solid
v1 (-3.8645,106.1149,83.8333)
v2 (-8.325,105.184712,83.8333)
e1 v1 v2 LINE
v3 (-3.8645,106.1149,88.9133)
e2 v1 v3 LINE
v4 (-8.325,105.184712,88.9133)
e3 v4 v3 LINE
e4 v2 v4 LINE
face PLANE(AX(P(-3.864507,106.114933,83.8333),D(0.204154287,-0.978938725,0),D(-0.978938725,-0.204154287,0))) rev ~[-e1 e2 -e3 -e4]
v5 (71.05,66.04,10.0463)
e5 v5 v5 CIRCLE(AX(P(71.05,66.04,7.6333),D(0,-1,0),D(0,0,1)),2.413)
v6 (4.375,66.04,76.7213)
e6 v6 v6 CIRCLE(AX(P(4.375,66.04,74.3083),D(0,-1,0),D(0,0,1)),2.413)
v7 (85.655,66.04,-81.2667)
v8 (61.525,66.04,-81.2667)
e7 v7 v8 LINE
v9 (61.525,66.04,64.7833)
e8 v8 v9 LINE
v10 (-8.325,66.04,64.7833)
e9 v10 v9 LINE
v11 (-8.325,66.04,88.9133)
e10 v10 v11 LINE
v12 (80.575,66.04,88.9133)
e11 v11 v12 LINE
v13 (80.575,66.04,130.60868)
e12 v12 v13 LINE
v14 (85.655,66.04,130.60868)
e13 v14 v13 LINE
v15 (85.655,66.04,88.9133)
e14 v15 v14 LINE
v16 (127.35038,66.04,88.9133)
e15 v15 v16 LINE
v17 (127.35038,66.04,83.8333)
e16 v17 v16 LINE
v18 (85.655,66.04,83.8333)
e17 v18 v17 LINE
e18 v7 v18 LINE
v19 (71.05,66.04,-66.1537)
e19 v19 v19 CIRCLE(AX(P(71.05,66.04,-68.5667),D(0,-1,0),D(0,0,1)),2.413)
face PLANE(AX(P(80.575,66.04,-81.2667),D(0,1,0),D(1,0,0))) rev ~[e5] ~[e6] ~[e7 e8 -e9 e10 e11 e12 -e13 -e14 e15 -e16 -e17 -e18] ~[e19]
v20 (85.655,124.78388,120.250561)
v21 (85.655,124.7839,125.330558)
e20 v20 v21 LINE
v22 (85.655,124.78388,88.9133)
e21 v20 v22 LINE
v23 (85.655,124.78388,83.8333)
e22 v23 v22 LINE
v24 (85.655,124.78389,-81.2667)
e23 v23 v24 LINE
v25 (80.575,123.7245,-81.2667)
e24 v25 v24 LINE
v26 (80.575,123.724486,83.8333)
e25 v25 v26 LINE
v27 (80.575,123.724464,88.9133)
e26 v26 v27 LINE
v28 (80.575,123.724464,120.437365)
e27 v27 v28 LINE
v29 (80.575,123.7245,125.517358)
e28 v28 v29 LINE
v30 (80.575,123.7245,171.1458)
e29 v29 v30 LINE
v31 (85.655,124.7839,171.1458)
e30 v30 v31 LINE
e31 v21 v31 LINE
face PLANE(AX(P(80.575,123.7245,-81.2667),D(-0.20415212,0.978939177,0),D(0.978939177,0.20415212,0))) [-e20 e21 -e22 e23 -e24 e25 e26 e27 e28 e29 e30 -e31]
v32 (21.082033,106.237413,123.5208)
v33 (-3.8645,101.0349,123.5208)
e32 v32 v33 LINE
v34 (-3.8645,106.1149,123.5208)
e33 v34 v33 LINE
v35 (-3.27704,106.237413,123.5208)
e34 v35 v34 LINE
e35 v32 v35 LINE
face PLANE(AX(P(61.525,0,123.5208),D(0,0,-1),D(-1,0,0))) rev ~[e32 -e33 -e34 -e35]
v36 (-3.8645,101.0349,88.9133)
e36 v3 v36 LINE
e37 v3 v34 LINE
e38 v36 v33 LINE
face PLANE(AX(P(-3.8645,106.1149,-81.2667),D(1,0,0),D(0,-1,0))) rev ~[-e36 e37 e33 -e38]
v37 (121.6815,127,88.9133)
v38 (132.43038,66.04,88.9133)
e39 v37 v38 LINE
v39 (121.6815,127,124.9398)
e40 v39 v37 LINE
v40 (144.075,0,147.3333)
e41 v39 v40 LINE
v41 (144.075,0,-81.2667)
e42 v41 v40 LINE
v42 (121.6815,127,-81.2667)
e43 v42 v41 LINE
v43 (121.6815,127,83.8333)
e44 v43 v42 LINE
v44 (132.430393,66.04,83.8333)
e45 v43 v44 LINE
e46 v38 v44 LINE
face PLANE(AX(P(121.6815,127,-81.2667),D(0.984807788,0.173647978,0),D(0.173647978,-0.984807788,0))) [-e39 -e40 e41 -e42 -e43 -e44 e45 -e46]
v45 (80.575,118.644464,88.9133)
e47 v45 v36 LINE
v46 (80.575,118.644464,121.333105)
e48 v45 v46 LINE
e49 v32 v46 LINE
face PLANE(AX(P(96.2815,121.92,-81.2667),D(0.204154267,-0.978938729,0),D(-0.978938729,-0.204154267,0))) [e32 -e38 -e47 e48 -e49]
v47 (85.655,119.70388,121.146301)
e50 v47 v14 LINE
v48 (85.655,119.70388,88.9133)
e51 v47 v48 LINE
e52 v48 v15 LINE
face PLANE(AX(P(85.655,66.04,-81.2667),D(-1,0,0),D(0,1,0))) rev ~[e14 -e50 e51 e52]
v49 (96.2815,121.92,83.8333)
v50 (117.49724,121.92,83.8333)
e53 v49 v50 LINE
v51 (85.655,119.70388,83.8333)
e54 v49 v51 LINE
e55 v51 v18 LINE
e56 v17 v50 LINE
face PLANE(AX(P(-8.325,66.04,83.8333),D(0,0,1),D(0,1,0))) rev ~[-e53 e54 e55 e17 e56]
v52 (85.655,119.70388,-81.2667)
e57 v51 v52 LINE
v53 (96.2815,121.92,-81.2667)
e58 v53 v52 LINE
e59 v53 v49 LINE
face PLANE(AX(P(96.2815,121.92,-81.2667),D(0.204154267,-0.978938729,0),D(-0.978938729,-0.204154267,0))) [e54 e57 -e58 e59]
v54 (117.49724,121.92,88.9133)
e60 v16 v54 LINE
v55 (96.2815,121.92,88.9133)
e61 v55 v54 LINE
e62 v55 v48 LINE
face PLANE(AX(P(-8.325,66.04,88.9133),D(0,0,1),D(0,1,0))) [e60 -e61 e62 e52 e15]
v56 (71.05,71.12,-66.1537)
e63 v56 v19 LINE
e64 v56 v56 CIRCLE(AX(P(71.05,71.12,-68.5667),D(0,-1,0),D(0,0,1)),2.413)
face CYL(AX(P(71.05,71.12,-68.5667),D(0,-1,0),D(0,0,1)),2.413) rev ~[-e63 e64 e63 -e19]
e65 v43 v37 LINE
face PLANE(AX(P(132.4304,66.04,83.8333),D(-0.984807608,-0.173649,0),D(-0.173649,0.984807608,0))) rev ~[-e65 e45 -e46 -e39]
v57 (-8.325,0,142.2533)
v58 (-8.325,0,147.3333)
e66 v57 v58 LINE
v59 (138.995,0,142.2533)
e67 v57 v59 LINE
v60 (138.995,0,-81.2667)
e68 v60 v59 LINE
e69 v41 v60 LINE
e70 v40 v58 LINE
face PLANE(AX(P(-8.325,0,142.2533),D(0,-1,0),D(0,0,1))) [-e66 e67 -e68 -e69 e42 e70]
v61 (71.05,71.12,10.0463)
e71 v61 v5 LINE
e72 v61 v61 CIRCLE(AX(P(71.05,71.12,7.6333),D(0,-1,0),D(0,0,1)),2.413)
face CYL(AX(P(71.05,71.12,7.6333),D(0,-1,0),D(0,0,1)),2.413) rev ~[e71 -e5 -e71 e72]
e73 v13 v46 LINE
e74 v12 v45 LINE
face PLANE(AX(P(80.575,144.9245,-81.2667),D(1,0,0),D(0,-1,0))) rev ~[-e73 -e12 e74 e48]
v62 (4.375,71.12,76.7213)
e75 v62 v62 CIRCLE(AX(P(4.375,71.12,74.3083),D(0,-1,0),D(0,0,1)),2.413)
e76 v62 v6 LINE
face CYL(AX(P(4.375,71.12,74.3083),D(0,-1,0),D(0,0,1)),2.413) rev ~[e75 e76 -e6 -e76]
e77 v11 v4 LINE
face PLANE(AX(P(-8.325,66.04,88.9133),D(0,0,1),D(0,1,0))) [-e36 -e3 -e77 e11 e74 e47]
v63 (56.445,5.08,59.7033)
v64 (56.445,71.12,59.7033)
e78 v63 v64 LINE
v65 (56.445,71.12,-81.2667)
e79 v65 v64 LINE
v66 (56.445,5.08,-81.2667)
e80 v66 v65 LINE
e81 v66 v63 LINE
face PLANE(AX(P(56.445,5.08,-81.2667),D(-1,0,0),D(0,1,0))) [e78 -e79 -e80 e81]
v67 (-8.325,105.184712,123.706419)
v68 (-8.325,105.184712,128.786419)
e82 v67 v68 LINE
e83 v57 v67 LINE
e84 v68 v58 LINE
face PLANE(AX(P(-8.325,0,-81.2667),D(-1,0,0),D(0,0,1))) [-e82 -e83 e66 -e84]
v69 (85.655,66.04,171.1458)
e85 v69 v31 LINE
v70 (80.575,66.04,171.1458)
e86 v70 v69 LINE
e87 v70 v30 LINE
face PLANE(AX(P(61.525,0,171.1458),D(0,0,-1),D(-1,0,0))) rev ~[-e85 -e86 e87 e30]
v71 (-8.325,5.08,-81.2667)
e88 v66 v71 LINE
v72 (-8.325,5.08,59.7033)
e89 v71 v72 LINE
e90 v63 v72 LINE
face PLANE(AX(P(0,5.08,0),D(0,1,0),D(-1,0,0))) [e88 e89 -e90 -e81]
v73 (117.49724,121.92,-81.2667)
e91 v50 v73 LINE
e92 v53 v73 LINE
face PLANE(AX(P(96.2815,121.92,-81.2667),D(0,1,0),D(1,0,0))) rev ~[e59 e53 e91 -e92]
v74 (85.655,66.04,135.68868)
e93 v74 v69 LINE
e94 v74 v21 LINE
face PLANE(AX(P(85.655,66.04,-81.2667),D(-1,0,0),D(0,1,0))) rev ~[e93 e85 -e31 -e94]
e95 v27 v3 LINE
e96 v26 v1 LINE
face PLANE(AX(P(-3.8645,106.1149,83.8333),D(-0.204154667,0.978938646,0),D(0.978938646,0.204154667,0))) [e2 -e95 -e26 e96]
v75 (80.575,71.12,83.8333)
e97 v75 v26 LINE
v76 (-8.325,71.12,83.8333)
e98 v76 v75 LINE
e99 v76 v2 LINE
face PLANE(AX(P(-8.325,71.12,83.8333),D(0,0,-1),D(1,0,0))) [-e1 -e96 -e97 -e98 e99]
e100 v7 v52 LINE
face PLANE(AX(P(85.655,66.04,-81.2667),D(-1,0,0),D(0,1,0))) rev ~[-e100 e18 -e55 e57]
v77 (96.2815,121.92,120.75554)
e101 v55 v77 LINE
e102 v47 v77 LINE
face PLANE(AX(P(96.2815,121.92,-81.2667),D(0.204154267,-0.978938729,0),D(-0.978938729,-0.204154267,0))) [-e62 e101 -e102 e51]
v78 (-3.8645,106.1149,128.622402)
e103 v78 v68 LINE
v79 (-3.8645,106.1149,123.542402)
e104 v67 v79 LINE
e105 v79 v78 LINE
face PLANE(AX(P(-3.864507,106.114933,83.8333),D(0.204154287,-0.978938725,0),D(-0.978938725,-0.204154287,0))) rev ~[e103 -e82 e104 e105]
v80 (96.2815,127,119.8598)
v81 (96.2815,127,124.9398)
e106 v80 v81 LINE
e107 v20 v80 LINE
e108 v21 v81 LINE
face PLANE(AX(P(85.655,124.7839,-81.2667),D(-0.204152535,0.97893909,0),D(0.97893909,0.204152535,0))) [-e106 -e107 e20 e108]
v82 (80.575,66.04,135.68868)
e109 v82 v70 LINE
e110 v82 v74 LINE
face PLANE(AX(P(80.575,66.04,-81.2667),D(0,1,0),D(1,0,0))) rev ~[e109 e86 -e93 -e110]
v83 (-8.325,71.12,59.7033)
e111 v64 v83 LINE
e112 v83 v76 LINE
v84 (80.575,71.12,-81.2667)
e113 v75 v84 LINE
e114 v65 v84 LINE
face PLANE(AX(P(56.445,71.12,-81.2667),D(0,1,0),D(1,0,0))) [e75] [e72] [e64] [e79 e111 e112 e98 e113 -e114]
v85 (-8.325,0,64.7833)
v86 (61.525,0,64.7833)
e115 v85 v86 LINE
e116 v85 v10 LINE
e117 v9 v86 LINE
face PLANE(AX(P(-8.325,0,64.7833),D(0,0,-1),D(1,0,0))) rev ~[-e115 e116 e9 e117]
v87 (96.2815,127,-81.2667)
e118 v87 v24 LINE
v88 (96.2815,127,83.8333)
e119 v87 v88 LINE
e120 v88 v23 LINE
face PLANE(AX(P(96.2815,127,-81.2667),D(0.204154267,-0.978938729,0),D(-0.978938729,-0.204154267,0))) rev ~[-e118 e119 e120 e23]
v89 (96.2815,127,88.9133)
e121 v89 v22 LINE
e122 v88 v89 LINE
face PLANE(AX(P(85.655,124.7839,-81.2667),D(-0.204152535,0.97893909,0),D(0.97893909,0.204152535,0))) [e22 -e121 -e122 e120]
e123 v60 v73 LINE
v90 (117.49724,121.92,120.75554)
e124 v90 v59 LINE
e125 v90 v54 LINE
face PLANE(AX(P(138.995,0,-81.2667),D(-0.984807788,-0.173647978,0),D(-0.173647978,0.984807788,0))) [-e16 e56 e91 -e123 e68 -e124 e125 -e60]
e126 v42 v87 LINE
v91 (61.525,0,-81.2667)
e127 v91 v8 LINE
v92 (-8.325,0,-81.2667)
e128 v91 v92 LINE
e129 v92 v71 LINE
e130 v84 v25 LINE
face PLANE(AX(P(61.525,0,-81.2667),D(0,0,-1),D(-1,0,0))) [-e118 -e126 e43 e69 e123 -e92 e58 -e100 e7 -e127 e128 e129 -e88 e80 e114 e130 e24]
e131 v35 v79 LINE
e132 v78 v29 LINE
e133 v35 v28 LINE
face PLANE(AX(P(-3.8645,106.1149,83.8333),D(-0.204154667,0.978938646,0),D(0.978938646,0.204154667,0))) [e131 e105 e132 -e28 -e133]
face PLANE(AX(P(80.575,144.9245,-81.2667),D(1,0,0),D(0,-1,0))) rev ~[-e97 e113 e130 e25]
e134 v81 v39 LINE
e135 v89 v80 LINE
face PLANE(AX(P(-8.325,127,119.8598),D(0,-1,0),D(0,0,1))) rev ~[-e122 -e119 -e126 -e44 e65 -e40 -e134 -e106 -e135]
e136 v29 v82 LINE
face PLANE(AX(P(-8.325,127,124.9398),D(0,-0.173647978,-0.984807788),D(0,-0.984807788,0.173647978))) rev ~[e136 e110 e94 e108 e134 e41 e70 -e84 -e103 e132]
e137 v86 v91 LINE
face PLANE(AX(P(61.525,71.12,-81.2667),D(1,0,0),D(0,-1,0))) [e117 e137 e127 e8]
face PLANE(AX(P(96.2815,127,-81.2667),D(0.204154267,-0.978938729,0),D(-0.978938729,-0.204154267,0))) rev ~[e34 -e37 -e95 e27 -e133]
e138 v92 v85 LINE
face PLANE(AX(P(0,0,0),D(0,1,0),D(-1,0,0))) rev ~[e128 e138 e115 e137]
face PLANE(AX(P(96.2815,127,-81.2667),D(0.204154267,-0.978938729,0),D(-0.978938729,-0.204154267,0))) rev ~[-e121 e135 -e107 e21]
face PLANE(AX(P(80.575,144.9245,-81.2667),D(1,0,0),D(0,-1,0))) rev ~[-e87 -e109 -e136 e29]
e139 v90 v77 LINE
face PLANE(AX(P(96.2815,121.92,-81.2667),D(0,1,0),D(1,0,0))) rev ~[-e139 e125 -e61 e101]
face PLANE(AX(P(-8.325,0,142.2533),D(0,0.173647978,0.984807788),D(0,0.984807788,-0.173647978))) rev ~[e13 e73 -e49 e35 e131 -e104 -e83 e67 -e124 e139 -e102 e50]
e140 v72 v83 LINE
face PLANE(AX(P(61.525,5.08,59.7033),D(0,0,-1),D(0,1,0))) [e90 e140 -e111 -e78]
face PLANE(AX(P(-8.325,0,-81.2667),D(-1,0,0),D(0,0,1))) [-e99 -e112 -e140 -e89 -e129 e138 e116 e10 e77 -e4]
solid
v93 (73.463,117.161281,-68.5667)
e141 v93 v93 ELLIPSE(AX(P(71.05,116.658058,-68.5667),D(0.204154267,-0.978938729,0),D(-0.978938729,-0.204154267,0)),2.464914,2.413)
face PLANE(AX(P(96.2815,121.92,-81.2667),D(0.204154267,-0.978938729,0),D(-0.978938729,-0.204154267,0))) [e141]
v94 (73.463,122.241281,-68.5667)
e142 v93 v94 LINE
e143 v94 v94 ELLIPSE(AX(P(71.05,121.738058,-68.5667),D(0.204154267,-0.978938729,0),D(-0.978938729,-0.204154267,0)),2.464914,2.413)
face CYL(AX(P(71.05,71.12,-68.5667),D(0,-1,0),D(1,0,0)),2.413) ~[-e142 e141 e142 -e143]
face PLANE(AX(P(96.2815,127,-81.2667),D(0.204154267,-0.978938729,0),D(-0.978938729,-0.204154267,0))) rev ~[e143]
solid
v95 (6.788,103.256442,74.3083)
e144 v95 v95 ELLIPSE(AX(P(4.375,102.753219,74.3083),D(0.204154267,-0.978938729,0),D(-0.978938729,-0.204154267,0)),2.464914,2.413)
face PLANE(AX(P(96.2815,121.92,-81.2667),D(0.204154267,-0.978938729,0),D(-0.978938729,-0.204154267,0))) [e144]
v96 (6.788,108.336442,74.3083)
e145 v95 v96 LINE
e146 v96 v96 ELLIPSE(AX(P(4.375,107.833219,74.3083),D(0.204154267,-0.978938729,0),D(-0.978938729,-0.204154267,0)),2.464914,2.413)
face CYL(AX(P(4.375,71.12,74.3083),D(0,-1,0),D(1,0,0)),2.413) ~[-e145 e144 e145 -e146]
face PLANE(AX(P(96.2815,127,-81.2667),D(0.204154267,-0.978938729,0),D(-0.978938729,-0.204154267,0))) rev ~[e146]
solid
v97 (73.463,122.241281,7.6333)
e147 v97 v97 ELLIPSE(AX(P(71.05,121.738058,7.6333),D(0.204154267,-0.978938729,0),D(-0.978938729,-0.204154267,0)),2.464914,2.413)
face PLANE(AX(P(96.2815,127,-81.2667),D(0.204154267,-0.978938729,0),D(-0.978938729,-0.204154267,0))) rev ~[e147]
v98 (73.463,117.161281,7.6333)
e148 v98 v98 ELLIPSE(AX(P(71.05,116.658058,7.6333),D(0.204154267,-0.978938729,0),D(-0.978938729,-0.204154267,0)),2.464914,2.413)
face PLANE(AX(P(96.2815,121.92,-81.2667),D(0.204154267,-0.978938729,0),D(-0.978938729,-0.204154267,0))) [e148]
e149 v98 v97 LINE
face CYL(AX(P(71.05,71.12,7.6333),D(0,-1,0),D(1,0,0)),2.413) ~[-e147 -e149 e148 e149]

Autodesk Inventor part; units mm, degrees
ref_plane "YZ Plane" through (0, 0, 0) normal (1, 0, 0) x (0, 1, 0)
ref_plane "XZ Plane" through (0, 0, 0) normal (0, 1, 0) x (-1, 0, 0)
ref_plane "XY Plane" through (0, 0, 0) normal (0, 0, 1) x (1, 0, 0)
sketch "Sketch1" plane through (0, 0, 0) normal (0, 1, 0) x (-1, 0, 0)
  line L0 (8.325, 64.7833) -> (-61.525, 64.7833)
  line L1 (-61.525, 64.7833) -> (-61.525, -81.2667)
  line L2 (-61.525, -81.2667) -> (8.325, -81.2667)
  line L3 (8.325, -81.2667) -> (8.325, 64.7833)
  point P0 (0, 0)
  dimension "d0" = 146.05
  dimension "d1" = 69.85
extrude "Extrusion1" add sketch "Sketch1" along normal blind 5.08
sketch "Sketch2" plane through (61.525, 0, 64.7833) normal (1, 0, 0) x (0, 0, -1)
  line L0 (0, 5.08) -> (146.05, 5.08) projected
  line L1 (0, 5.08) -> (5.08, 5.08)
  line L2 (5.08, 5.08) -> (5.08, 71.12)
  line L3 (5.08, 71.12) -> (0, 71.12)
  line L4 (0, 71.12) -> (0, 5.08)
  line L5 (0, 0) -> (146.05, 0) projected
  point P0 (64.7833, 0)
  dimension "d4" = 5.08
  dimension "d5" = 71.12
extrude "Extrusion2" add sketch "Sketch2" against normal blind 69.85
sketch "Sketch3" plane through (61.525, 0, -81.2667) normal (0, 0, -1) x (-1, 0, 0)
  line L0 (0, 5.08) -> (69.85, 5.08) projected
  line L1 (0, 0) -> (69.85, 0) projected
  line L2 (0, 5.08) -> (5.08, 5.08)
  line L3 (5.08, 5.08) -> (5.08, 71.12)
  line L4 (5.08, 71.12) -> (0, 71.12)
  line L5 (0, 71.12) -> (0, 5.08)
  point P0 (61.525, 0)
  dimension "d8" = 5.08
  dimension "d9" = 71.12
extrude "Extrusion3" add sketch "Sketch3" against normal blind 146.05
sketch "Sketch4" plane through (61.525, 71.12, 64.7833) normal (0, 1, 0) x (1, 0, 0)
  line L0 (-5.08, 5.08) -> (-69.85, 5.08) projected
  line L1 (-5.08, 146.05) -> (-5.08, 5.08) projected
  line L2 (-69.85, 5.08) -> (-5.08, 5.08) projected
  line L3 (-69.85, 5.08) -> (-69.85, -19.05)
  line L4 (-69.85, -19.05) -> (19.05, -19.05)
  line L5 (19.05, -19.05) -> (19.05, 146.05)
  line L6 (19.05, 146.05) -> (-5.08, 146.05)
  line L7 (-5.08, 5.08) -> (-5.08, 146.05) projected
  line L8 (-5.08, 5.08) -> (-5.08, 146.05)
  line L9 (-5.08, 5.08) -> (-69.85, 5.08)
  point P0 (-61.525, 64.7833)
  dimension "d12" = 24.13
  dimension "d13" = 24.13
extrude "Extrusion4" add sketch "Sketch4" against normal blind 5.08
sketch "Sketch5" plane through (-8.325, 71.12, 59.7033) normal (0, 1, 0) x (1, 0, 0)
  line L0 (88.9, -24.13) -> (88.9, 140.97) projected
  line L1 (0, -24.13) -> (88.9, -24.13) projected
  point P0 (8.325, 59.7033)
  point P1 (12.7, -14.605)
  point P2 (79.375, 52.07)
  point P3 (79.375, 128.27)
  dimension "d16" = 9.525
  dimension "d17" = 9.525
  dimension "d18" = 76.2
  dimension "d19" = 76.2
  dimension "d20" = 9.525
  dimension "d21" = 76.2
hole "Hole1" at (4.375, 71.12, 74.3083) at (71.05, 71.12, 7.6333) at (71.05, 71.12, -68.5667) direction (0, -1, 0) diameter 4.826 end through all
sketch "Sketch6" plane through (-8.325, 0, -81.2667) normal (-1, 0, 0) x (0, 0, 1)
  line L0 (223.52, 0) -> (228.6, 0)
  line L1 (0, 0) -> (0, 5.08) projected
  line L2 (146.05, 0) -> (146.05, 66.04) projected
  line L3 (223.52, 0) -> (201.1265, 127)
  line L4 (201.1265, 127) -> (206.2065, 127)
  line L5 (206.2065, 127) -> (228.6, 0)
  point P0 (81.2667, 0)
  dimension "d29" = 228.6
  dimension "d30" = 5.08
  dimension "d32" = 10
  dimension "d33" = 5.08
  dimension "d34" = 127
extrude "Extrusion5" add sketch "Sketch6" against normal blind 152.4
sketch "Sketch7" plane through (61.525, 0, -81.2667) normal (0, 0, -1) x (-1, 0, 0)
  line L0 (-82.55, 0) -> (-77.47, 0)
  line L1 (69.85, 0) -> (-82.55, 0) projected
  line L2 (-77.47, 0) -> (-55.0765, 127)
  line L3 (0, 0) -> (0, 66.04) projected
  line L4 (69.85, 127) -> (-82.55, 127) projected
  line L5 (-55.0765, 127) -> (-60.1565, 127)
  line L6 (-60.1565, 127) -> (-82.55, 0)
  point P0 (61.525, 0)
  dimension "d37" = 5.08
  dimension "d38" = 10
  dimension "d39" = 5.08
extrude "Extrusion6" add sketch "Sketch7" against normal blind 228.6
sketch "Sketch8" plane through (61.525, 0, -81.2667) normal (0, 0, -1) x (-1, 0, 0)
  line L0 (-60.1565, 127) -> (-82.55, 0) projected
  line L1 (-60.1565, 127) -> (-82.55, 127) projected
  line L2 (-82.55, 0) -> (-82.55, 127) projected
  point P0 (61.525, 0)
extrude "Extrusion7" cut sketch "Sketch8" against normal blind 228.6
sketch "Sketch9" plane through (-8.325, 0, -81.2667) normal (-1, 0, 0) x (0, 0, 1)
  line L0 (228.6, 0) -> (206.2065, 127) projected
  line L1 (206.2065, 127) -> (228.6, 127) projected
  line L2 (228.6, 127) -> (228.6, 0) projected
  point P0 (81.2667, 0)
extrude "Extrusion8" cut sketch "Sketch9" against normal blind 228.6
sketch "Sketch10" plane through (61.525, 0, -81.2667) normal (0, 0, -1) x (-1, 0, 0)
  line L0 (-60.1565, 127) -> (-82.55, 0) projected
  line L1 (-60.1565, 127) -> (-34.7565, 127)
  line L2 (-34.7565, 127) -> (-34.7565, 121.92)
  line L3 (-34.7565, 121.92) -> (-60.1565, 121.92)
  line L4 (-60.1565, 121.92) -> (-60.1565, 127)
  point P0 (61.525, 0)
  dimension "d46" = 25.4
  dimension "d47" = 5.08
extrude "Extrusion9" add sketch "Sketch10" against normal blind 204.7875
sketch "Sketch13" plane through (61.525, 0, -81.2667) normal (0, 0, -1) x (-1, 0, 0)
  line L0 (-34.7565, 127) -> (-60.1565, 127) projected
  line L1 (-34.7565, 127) -> (65.3895, 106.1149)
  line L2 (65.3895, 106.1149) -> (65.3895, 101.0349)
  line L3 (-34.7565, 127) -> (-34.7565, 121.92) projected
  line L4 (-34.7565, 127) -> (-34.7565, 121.92)
  line L5 (-34.7565, 121.92) -> (65.3895, 101.0349)
  point P0 (61.525, 0)
  dimension "d50" = 5.08
  dimension "d51" = 168.22
extrude "Extrusion10" add sketch "Sketch13" against normal blind 204.7875
sketch "Sketch14" plane through (-8.325, 0, -81.2667) normal (-1, 0, 0) x (0, 0, 1)
  line L0 (0, 66.04) -> (165.1, 66.04) projected
  line L1 (165.1, 66.04) -> (170.18, 66.04)
  line L2 (170.18, 66.04) -> (170.18, 144.8486)
  line L3 (165.1, 66.04) -> (165.1, 144.8486)
  line L4 (165.1, 144.8486) -> (170.18, 144.8486)
  point P0 (81.2667, 0)
  dimension "d54" = 5.08
extrude "Extrusion11" add sketch "Sketch14" against normal blind 201.6125
sketch "Sketch15" plane through (61.525, 0, -81.2667) normal (0, 0, -1) x (-1, 0, 0)
  line L0 (-19.05, 66.04) -> (-65.8254, 66.04) projected
  line L1 (-19.05, 66.04) -> (-24.13, 66.04)
  line L2 (-24.13, 66.04) -> (-24.13, 144.9245)
  line L3 (-24.13, 144.9245) -> (-19.05, 144.9245)
  line L4 (-19.05, 144.9245) -> (-19.05, 66.04)
  point P0 (61.525, 0)
  dimension "d57" = 5.08
extrude "Extrusion12" add sketch "Sketch15" against normal blind 252.4125
sketch "Sketch18" plane through (-8.325, 71.12, 83.8333) normal (0, 0, -1) x (-1, 0, 0)
  line L0 (-4.4605, 34.9949) -> (-88.9, 52.6045) projected
  line L1 (-88.9, 52.6045) -> (26.3817, 28.5629)
  line L2 (-88.9, 52.6045) -> (-88.9, 80.9754)
  line L3 (-88.9, 80.9754) -> (26.3817, 80.9754)
  line L4 (26.3817, 80.9754) -> (26.3817, 28.5629)
  point P0 (-8.325, -71.12)
extrude "Extrusion14" cut sketch "Sketch18" against normal blind 133.35
sketch "Sketch19" plane through (61.525, 0, -81.2667) normal (0, 0, -1) x (-1, 0, 0)
  line L0 (-19.05, 66.04) -> (-19.05, 123.7245) projected
  line L1 (-24.13, 124.7839) -> (-34.7565, 127) projected
  line L2 (-19.05, 123.7245) -> (-34.7565, 127)
  line L3 (-34.7565, 127) -> (-82.8145, 127)
  line L4 (-82.8145, 127) -> (-82.8145, 152.1406)
  line L5 (-82.8145, 152.1406) -> (-18.2912, 151.7847)
  line L6 (-18.2912, 151.7847) -> (-19.05, 123.7245)
  point P0 (61.525, 0)
extrude "Extrusion15" cut sketch "Sketch19" against normal blind 338.1375
sketch "Sketch21" plane through (0, 5.08, 0) normal (0, 1, 0) x (1, 0, 0)
  line L0 (56.445, -59.7033) -> (56.445, 81.2667) projected
  line L1 (56.445, 81.2667) -> (-8.325, 81.2667) projected
  line L2 (-8.325, 81.2667) -> (-8.325, -59.7033) projected
  line L3 (-8.325, -59.7033) -> (56.445, -59.7033) projected
  point P0 (0, 0)
extrude "Extrusion16" cut sketch "Sketch21" along normal blind 338.1375
sketch "Sketch22" plane through (-8.325, 71.12, 59.7033) normal (0, 1, 0) x (1, 0, 0)
  circle A0 centre (79.375, 52.07) radius 2.413 projected
  circle A1 centre (12.7, -14.605) radius 2.413 projected
  circle A2 centre (79.375, 128.27) radius 2.413 projected
  line L0 (64.77, 0) -> (0, 0) projected
  line L1 (0, 0) -> (0, -24.13) projected
  line L2 (0, -24.13) -> (88.9, -24.13) projected
  line L3 (88.9, -24.13) -> (88.9, 140.97) projected
  line L4 (64.77, 140.97) -> (88.9, 140.97) projected
  line L5 (64.77, 140.97) -> (64.77, 0) projected
  point P0 (8.325, 59.7033)
extrude "Extrusion17" cut sketch "Sketch22" along normal blind 338.1375
sketch "Sketch23" plane through (193.2875, 66.04, 83.8333) normal (0, 0, -1) x (-1, 0, 0)
  line L0 (60.8571, 0) -> (0, 0) projected
  line L1 (60.8571, 0) -> (76.6392, 89.5043)
  line L2 (71.606, 60.96) -> (49.2125, -66.04) projected
  line L3 (76.6392, 89.5043) -> (-29.2639, 89.5043)
  line L4 (-29.2639, 89.5043) -> (-29.2639, 0)
  line L5 (-29.2639, 0) -> (60.8571, 0)
  point P0 (193.2875, -66.04)
extrude "Extrusion18" cut sketch "Sketch23" against normal blind 338.1375
equation "\"d0\" = DU1CHLength"
equation "\"d1\" = DU1CHWidth"
equation "\"d2\" = WallWidth"
equation "\"d4\" = WallWidth"
equation "\"d5\" = CPDeckHeight"
equation "\"d6\" = DU1CHWidth"
equation "\"d8\" = WallWidth"
equation "\"d9\" = CPDeckHeight"
equation "\"d10\" = DU1CHLength"
equation "\"d12\" = WallWidth + ControlPlateShelfLength"
equation "\"d13\" = WallWidth + ControlPlateShelfLength"
equation "\"d14\" = WallWidth"
equation "\"d16\" = ControlHoleBoltHoleMid"
equation "\"d17\" = ControlHoleBoltHoleMid"
equation "\"d18\" = ControlPlateScrewLength"
equation "\"d19\" = ControlPlateScrewLength"
equation "\"d20\" = ControlHoleBoltHoleMid"
equation "\"d21\" = ControlPlateScrewLength"
equation "\"d29\" = PartLength"
equation "\"d30\" = WallWidth"
equation "\"d32\" = EdgeAngle"
equation "\"d33\" = WallWidth"
equation "\"d34\" = DSBackHeight"
equation "\"d35\" = PartWidth"
equation "\"d37\" = WallWidth"
equation "\"d38\" = EdgeAngle"
equation "\"d39\" = WallWidth"
equation "\"d40\" = PartLength"
equation "\"d42\" = PartLength"
equation "\"d44\" = PartLength"
equation "\"d46\" = BackShelf"
equation "\"d47\" = WallWidth"
equation "\"d50\" = WallWidth"
equation "\"d51\" = MainAngle"
equation "\"d54\" = WallWidth"
equation "\"d57\" = WallWidth"
equation "\"DSLength\" = 1371.6"
equation "\"DSWidth\" = 304.8"
equation "\"DCDeckHeight\" = 76.2"
equation "\"WallWidth\" = 5.08"
equation "\"EdgeAngle\" = 10deg"
equation "\"LengthCuts\" = 152.4"
equation "\"WidthCuts\" = 50.8"
equation "\"PartLength\" = 228.6"
equation "\"PartWidth\" = 152.4"
equation "\"BoltHoldDiam\" = 6.35"
equation "\"ControlPlateLength\" = 228.6"
equation "\"ControlPlateWidth\" = 228.6"
equation "\"ControlPlateShelfLength\" = 19.05"
equation "\"ControlHoleLength\" = 190.5"
equation "\"ControlHoleWidth\" = 190.5"
equation "\"ControlHoleFromSide\" = 63.5"
equation "\"ControlHoleBoltHoleMid\" = 9.525"
equation "\"DU1CHWidth\" = 69.85"
equation "\"CPFromSide\" = 63.5"
equation "\"CPFromBack\" = 63.5"
equation "\"DU1CHLength\" = 146.05"
equation "\"CPDeckHeight\" = 71.12"
equation "\"ControlPlateScrewLength\" = 76.2"
equation "\"DSBackHeight\" = 127"
equation "\"BackShelf\" = 25.4"
equation "\"MainAngle\" = 168.22deg"
equation "\"CPDWidthHole\" = 120.65"
equation "\"CPDLengthHole\" = 146.05"
equation "\"DownBackHeight\" = 130.7084"
properties part number "CPURightOne"
